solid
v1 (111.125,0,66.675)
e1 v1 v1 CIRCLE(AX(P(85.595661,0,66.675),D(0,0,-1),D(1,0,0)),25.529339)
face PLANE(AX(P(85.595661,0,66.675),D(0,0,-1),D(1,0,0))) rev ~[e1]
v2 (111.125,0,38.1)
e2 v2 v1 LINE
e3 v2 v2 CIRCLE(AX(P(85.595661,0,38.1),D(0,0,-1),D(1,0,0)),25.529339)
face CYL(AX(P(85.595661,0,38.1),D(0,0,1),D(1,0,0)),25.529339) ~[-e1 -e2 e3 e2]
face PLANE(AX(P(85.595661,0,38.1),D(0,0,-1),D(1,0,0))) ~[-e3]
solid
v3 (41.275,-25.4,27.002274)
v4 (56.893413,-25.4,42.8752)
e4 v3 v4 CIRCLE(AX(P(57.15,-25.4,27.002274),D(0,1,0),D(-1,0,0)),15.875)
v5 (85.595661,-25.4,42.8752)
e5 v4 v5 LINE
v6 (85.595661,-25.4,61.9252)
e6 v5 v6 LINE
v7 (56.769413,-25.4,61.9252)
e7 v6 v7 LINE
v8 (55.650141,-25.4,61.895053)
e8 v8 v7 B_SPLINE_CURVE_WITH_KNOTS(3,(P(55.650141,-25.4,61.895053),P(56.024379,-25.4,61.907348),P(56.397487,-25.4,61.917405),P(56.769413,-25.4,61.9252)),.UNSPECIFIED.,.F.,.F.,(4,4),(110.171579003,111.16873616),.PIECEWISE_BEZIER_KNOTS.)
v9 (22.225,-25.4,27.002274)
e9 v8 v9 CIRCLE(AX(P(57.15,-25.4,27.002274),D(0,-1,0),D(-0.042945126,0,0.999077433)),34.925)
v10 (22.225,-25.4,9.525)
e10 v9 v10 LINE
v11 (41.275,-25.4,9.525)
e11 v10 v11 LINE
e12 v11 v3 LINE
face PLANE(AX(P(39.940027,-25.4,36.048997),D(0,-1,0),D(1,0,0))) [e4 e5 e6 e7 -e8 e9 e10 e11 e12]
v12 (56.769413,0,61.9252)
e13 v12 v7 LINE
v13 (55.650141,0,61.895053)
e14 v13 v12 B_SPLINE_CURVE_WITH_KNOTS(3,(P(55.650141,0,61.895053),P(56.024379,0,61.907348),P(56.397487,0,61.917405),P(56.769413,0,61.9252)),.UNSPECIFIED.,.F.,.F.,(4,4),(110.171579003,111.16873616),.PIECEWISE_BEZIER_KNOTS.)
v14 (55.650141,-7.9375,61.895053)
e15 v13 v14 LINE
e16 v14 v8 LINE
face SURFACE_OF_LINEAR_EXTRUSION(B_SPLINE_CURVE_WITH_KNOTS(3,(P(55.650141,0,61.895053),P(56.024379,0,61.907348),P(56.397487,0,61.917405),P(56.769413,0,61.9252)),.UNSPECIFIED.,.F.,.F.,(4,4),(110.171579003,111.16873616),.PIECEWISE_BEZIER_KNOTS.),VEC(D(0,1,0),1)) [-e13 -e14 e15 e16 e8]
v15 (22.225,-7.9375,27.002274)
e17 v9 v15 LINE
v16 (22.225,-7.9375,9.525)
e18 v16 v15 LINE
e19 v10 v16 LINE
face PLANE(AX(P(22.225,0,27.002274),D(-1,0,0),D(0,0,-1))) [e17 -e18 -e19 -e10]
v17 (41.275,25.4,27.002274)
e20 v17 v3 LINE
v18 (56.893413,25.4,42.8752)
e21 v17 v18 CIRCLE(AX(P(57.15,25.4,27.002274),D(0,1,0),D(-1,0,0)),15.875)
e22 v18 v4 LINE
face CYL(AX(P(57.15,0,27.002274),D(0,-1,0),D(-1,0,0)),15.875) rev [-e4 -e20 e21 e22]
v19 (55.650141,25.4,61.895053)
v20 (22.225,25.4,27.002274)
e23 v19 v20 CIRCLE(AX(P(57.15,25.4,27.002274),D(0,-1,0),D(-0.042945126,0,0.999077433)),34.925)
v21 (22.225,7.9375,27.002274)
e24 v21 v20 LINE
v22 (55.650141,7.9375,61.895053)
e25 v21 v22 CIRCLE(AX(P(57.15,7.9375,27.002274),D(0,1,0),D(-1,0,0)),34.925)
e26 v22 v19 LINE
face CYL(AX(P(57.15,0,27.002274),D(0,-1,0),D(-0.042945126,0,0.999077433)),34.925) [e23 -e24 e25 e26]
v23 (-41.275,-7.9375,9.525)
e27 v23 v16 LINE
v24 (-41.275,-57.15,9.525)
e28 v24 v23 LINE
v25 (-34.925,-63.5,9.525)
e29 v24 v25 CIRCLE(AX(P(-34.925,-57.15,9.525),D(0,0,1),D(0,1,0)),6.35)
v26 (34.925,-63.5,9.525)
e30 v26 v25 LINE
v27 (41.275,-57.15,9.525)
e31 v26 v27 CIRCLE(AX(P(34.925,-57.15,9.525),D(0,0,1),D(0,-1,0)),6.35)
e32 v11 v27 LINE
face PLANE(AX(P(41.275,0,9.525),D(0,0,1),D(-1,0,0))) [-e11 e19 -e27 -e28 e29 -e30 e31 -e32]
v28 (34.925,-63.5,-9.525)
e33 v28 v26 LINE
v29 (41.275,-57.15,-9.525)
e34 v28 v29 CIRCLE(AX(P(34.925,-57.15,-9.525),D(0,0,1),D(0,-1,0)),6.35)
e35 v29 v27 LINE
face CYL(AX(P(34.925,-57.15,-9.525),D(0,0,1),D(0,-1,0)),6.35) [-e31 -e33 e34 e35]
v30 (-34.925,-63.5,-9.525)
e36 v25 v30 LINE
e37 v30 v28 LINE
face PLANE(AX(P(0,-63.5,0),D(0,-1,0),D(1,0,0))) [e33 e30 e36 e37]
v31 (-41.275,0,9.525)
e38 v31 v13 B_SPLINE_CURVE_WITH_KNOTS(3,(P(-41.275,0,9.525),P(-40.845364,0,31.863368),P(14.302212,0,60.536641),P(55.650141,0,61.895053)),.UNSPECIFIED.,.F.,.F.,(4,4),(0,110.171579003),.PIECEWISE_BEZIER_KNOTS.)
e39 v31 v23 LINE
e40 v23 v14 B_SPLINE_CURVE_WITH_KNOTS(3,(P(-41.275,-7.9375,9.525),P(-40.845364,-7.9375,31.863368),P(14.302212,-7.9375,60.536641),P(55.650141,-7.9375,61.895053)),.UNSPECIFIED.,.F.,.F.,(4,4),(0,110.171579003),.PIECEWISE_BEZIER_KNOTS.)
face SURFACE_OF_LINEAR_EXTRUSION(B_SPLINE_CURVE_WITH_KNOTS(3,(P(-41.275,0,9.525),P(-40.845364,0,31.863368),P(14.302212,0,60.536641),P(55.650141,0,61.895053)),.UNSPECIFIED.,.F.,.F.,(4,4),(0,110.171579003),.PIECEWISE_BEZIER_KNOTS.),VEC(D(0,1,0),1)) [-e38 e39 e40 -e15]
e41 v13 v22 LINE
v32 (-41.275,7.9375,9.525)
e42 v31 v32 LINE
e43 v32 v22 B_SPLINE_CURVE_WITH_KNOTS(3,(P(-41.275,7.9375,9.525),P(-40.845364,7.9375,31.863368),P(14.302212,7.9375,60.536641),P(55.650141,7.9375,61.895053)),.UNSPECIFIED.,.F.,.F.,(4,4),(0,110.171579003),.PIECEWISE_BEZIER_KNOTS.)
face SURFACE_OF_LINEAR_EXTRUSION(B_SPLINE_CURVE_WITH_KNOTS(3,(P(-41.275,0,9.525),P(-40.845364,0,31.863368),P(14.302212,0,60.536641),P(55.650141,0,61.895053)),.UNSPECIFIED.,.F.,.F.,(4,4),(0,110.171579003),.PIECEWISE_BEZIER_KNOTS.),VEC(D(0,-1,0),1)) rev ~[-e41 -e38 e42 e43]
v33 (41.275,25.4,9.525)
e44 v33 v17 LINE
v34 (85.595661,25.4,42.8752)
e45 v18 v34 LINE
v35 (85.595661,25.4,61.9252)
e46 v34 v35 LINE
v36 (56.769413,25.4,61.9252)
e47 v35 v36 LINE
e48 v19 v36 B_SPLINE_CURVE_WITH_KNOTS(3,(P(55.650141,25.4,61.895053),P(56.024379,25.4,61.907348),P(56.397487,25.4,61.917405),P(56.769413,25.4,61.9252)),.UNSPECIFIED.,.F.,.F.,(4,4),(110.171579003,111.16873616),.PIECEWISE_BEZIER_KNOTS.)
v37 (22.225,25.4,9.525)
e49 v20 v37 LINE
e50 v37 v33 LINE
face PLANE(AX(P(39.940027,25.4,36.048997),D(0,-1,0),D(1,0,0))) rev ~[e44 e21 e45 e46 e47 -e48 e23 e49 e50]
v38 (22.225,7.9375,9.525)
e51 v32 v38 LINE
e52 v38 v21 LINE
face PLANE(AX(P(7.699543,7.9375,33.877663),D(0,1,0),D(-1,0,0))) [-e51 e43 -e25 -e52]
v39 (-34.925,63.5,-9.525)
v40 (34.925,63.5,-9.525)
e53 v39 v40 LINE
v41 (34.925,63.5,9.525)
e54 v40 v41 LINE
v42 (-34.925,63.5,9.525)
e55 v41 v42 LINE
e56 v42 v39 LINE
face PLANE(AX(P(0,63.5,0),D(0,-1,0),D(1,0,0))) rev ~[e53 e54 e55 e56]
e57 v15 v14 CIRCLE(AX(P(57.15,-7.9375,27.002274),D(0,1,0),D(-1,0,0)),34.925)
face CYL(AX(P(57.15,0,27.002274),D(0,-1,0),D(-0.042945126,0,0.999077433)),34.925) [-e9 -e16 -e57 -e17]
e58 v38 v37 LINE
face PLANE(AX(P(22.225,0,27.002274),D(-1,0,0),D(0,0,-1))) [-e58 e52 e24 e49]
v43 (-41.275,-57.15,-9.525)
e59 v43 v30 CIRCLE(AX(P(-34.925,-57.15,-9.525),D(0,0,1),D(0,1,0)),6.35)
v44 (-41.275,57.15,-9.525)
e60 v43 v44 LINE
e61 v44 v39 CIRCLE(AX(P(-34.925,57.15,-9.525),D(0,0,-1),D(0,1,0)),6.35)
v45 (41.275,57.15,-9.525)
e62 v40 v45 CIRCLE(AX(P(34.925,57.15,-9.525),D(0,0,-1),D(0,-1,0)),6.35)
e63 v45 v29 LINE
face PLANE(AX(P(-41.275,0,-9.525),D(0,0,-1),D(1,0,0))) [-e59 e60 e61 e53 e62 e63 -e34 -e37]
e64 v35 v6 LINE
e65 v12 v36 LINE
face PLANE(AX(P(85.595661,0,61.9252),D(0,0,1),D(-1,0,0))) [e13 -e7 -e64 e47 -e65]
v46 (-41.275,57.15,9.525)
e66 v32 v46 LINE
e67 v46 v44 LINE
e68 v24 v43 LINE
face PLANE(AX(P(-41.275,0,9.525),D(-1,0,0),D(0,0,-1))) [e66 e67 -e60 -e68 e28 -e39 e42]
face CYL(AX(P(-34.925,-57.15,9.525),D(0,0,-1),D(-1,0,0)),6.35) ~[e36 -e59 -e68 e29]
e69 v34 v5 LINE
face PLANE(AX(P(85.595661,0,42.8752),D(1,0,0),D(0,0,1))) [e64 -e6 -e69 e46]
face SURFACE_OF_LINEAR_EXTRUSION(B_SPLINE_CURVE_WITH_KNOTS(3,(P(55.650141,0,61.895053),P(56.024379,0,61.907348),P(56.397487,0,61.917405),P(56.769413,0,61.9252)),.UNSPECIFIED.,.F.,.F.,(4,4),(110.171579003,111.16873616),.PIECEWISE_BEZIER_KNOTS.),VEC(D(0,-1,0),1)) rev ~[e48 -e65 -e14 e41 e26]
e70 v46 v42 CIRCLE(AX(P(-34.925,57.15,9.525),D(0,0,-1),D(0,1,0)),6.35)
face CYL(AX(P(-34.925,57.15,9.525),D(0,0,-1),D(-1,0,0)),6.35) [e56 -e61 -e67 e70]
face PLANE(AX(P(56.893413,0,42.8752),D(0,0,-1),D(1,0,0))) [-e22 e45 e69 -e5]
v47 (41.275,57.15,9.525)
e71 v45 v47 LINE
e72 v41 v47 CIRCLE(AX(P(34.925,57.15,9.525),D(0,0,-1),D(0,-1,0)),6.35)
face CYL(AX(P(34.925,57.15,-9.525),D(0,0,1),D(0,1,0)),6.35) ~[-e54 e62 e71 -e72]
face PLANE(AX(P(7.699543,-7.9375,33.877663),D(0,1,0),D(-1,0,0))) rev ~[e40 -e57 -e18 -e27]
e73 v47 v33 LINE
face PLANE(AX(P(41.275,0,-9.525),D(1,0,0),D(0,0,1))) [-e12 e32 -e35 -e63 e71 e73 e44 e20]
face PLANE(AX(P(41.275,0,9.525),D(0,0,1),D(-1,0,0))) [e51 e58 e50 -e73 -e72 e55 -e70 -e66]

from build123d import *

# Parameters (mm, degrees)
F1_DEPTH = 63.5
F0_W     = 25.2706611185
F0_H     = 19.05
F2_DEPTH = 25.4
F3_DEPTH = 7.9375
F5_R     = 6.35


with BuildPart() as f1:
    # F0 (on Front) → F1 (new body, symmetric)
    with BuildSketch(Plane.XZ):
        Polygon((-41.275, -9.525), (41.275, -9.525), (41.275, 9.525), (22.225, 9.525), (-41.275, 9.525), align=None)
    extrude(amount=F1_DEPTH, both=True)

    # F0 (on Front) → F2 (join, symmetric)
    with BuildSketch(Plane.XZ):
        with BuildLine():
            Line((22.225, 9.525), (41.275, 9.525))
            Line((41.275, 9.525), (41.275, 27.0022737393))
            ThreePointArc((41.275, 27.0022737393), (45.834326253, 38.1365071055), (56.8934129325, 42.8752))
            Line((56.8934129325, 42.8752), (60.325, 42.8752))
            Line((60.325, 42.8752), (60.325, 61.9252))
            Line((60.325, 61.9252), (56.769413096, 61.9252))
            add(Edge.make_bspline(
                [(55.6501414791, 61.89505307), (56.0243794143, 61.9073479869), (56.3974868874, 61.9174052801), (56.769413096, 61.9252)],
                knots=[110.1715790032, 110.1715790032, 110.1715790032, 110.1715790032, 111.1687361599, 111.1687361599, 111.1687361599, 111.1687361599], degree=3))
            ThreePointArc((55.6501414791, 61.89505307), (31.9295897749, 51.1618791392), (22.225, 27.0022737393))
            Line((22.225, 27.0022737393), (22.225, 9.525))
        make_face()
        with Locations((72.9603305593, 52.4002)):
            Rectangle(F0_W, F0_H)
    extrude(amount=F2_DEPTH, both=True)

    # F0 (on Front) → F3 (join, symmetric)
    with BuildSketch(Plane.XZ):
        with BuildLine():
            add(Edge.make_bspline(
                [(-41.275, 9.525), (-40.8453637442, 31.8633683332), (14.3022115528, 60.5366409033), (55.6501414791, 61.89505307)],
                knots=[0, 0, 0, 0, 110.1715790032, 110.1715790032, 110.1715790032, 110.1715790032], degree=3))
            Line((-41.275, 9.525), (22.225, 9.525))
            Line((22.225, 9.525), (22.225, 27.0022737393))
            ThreePointArc((22.225, 27.0022737393), (31.9295897749, 51.1618791392), (55.6501414791, 61.89505307))
        make_face()
    extrude(amount=F3_DEPTH, both=True)

    # F5
    f5_edges = [f1.edges().sort_by_distance(p)[0] for p in [
        (41.275, -63.5, 0),
        (-41.275, -63.5, 0),
        (41.275, 63.5, 0),
        (-41.275, 63.5, 0),
    ]]
    fillet(f5_edges, radius=F5_R)


with BuildPart() as f4:
    # F0 (on Front) → F4 (revolve)
    with BuildSketch(Plane.XZ):
        Polygon((85.5956611185, 61.9252), (85.5956611185, 42.8752), (85.5956611185, 38.1), (111.125, 38.1), (111.125, 66.675), (85.5956611185, 66.675), align=None)
    revolve(axis=Axis((85.5956611185, 0, 52.3875), (0, 0, -1)))


solid = Compound([f1.part, f4.part])
